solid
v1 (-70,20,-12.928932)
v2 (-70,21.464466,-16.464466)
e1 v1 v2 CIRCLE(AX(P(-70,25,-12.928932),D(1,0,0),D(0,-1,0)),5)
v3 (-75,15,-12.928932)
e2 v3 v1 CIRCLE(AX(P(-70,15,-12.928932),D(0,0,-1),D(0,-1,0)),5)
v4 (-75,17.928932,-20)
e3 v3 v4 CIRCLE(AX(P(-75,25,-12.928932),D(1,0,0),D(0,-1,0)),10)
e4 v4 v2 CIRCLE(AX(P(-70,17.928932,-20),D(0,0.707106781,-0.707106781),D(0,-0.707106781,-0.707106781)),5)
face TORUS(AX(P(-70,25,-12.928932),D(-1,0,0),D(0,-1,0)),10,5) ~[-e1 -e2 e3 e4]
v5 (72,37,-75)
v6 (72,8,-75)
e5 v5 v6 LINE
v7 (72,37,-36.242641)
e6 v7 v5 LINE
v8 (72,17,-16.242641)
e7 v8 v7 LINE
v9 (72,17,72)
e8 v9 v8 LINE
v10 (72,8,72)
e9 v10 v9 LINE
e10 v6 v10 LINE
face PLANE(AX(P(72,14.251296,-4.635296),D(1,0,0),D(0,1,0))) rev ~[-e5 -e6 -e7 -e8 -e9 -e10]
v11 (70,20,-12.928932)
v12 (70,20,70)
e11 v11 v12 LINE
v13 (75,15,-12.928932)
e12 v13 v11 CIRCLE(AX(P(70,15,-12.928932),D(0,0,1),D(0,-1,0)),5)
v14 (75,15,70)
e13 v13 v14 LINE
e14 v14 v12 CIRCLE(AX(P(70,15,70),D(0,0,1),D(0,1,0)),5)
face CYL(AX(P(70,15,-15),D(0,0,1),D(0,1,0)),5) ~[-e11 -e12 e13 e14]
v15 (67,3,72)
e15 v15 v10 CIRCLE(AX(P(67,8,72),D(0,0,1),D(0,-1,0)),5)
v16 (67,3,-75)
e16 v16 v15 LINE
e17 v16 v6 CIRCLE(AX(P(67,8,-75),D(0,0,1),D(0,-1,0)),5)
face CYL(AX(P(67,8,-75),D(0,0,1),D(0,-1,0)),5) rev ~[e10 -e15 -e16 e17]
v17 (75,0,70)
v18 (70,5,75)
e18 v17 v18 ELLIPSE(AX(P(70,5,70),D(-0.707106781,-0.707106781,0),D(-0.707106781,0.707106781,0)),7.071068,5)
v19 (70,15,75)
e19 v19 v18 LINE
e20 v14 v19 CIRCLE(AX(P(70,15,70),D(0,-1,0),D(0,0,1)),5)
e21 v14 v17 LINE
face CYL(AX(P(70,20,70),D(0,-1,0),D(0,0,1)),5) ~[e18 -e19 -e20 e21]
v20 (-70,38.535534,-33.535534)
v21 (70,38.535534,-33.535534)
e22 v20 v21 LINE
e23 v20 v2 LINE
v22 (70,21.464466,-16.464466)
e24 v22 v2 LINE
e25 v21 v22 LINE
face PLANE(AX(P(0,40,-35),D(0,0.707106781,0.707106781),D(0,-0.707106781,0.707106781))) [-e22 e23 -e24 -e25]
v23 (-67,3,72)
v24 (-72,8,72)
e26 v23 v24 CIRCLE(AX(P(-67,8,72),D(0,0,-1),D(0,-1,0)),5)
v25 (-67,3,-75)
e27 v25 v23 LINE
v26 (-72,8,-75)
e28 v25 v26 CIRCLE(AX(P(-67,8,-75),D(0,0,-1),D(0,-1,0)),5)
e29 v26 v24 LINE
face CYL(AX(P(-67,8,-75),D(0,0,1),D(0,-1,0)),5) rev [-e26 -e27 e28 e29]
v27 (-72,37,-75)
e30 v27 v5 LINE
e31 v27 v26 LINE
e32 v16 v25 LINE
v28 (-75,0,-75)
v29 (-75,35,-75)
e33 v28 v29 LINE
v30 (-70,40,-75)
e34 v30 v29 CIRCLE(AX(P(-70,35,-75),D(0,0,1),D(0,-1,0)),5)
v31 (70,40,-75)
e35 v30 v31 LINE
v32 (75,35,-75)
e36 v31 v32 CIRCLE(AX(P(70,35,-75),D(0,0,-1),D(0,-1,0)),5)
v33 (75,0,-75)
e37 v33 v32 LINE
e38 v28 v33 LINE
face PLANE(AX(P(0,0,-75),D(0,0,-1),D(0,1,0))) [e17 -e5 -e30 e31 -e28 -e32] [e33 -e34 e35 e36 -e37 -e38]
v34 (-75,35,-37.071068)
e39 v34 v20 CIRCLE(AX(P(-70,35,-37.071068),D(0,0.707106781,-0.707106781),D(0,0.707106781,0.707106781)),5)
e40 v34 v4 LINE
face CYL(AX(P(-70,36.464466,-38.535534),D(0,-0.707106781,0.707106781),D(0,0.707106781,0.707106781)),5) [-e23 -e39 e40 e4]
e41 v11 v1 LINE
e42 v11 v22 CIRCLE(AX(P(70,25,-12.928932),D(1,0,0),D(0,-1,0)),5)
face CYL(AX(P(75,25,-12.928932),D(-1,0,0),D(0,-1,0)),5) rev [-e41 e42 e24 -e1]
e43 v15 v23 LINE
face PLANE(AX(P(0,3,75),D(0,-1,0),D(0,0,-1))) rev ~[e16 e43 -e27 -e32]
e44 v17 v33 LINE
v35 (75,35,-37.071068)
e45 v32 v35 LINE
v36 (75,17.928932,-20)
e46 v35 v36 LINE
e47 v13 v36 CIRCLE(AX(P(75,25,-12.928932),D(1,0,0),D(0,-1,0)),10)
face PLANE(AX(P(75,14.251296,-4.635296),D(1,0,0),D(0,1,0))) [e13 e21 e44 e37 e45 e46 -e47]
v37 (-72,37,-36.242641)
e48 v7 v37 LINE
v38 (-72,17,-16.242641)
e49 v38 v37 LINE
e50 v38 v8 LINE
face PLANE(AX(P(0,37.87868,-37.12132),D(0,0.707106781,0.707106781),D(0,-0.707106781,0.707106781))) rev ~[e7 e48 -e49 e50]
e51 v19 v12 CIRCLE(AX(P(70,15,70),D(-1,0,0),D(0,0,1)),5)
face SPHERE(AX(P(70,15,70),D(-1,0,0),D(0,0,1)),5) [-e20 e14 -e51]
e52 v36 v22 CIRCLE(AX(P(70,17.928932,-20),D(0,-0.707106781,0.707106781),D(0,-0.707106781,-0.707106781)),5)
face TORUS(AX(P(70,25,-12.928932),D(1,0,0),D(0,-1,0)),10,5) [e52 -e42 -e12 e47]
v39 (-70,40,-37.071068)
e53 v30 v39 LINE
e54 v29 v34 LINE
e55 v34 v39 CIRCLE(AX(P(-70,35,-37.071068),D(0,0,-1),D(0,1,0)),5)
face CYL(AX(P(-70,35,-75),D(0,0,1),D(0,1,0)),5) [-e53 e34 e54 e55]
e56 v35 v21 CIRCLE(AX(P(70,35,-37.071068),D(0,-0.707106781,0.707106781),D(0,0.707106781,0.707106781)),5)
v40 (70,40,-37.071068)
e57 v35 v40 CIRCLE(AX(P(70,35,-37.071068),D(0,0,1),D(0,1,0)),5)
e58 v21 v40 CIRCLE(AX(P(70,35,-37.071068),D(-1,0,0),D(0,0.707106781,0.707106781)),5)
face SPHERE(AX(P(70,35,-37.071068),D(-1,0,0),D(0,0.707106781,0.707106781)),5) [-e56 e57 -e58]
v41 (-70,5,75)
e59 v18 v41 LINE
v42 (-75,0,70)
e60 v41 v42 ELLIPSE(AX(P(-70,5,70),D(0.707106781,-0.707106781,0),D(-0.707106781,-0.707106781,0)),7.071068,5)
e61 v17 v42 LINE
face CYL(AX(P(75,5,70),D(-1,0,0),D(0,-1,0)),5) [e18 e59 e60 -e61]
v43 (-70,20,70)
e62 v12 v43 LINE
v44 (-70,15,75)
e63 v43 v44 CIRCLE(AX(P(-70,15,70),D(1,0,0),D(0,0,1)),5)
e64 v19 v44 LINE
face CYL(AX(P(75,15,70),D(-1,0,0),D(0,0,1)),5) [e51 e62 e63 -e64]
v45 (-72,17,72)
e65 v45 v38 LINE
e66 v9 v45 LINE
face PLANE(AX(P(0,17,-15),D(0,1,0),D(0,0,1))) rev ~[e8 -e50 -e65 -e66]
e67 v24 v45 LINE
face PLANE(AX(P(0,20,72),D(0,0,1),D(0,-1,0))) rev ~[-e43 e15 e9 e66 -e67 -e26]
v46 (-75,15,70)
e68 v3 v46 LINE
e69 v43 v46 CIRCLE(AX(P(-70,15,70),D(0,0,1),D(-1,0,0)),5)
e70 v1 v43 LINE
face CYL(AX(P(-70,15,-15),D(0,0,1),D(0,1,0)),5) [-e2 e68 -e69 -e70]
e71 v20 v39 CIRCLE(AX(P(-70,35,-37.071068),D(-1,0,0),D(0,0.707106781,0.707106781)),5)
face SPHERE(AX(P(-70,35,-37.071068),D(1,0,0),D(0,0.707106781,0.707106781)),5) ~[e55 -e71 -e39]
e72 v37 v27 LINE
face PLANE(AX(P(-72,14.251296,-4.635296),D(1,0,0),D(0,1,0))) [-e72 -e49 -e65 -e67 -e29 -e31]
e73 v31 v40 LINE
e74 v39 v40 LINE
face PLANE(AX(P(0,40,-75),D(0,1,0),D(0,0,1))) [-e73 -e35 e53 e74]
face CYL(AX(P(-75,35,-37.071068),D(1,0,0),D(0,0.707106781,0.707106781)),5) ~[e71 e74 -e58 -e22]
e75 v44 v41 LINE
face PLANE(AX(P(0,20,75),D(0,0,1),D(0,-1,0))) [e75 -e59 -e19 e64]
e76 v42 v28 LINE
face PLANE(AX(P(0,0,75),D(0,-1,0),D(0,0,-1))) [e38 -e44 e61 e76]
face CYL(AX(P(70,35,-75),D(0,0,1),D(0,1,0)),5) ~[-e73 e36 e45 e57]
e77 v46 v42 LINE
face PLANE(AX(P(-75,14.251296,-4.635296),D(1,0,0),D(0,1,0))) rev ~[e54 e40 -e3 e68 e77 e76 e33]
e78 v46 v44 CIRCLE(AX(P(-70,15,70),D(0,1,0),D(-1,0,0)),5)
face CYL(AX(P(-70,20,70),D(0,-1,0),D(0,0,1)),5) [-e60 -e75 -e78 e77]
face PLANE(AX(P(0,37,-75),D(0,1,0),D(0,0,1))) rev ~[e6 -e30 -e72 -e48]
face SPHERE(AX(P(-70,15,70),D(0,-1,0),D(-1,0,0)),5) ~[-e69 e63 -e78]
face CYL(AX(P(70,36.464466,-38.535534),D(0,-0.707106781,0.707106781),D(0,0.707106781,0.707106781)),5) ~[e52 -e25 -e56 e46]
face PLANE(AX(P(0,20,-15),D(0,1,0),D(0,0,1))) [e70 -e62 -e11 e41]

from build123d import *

# Parameters (mm, degrees)
F3_DEPTH = 75
F4_T     = -3
F5_R     = 5


with BuildPart() as f3:
    # F2 (on Right) → F3 (new body, symmetric)
    with BuildSketch(Plane.YZ):
        Polygon((0, 75), (0, 0), (0, -75), (40, -75), (40, -35), (20, -15), (20, 75), align=None)
    extrude(amount=F3_DEPTH, both=True)

    # F4
    f4_openings = [f3.faces().sort_by_distance(p)[0] for p in [
        (0, 20, -75),
    ]]
    offset(amount=F4_T, openings=f4_openings, kind=Kind.INTERSECTION)

    # F5
    f5_edges = [f3.edges().sort_by_distance(p)[0] for p in [
        (72, 3, -1.5),
        (-72, 3, -1.5),
        (-75, 10, 75),
        (-75, 20, 30),
        (-75, 30, -25),
        (-75, 40, -55),
        (0, 20, 75),
        (0, 0, 75),
        (75, 10, 75),
        (75, 20, 30),
        (75, 30, -25),
        (75, 40, -55),
        (0, 40, -35),
        (0, 20, -15),
    ]]
    fillet(f5_edges, radius=F5_R)


solid = f3.part
